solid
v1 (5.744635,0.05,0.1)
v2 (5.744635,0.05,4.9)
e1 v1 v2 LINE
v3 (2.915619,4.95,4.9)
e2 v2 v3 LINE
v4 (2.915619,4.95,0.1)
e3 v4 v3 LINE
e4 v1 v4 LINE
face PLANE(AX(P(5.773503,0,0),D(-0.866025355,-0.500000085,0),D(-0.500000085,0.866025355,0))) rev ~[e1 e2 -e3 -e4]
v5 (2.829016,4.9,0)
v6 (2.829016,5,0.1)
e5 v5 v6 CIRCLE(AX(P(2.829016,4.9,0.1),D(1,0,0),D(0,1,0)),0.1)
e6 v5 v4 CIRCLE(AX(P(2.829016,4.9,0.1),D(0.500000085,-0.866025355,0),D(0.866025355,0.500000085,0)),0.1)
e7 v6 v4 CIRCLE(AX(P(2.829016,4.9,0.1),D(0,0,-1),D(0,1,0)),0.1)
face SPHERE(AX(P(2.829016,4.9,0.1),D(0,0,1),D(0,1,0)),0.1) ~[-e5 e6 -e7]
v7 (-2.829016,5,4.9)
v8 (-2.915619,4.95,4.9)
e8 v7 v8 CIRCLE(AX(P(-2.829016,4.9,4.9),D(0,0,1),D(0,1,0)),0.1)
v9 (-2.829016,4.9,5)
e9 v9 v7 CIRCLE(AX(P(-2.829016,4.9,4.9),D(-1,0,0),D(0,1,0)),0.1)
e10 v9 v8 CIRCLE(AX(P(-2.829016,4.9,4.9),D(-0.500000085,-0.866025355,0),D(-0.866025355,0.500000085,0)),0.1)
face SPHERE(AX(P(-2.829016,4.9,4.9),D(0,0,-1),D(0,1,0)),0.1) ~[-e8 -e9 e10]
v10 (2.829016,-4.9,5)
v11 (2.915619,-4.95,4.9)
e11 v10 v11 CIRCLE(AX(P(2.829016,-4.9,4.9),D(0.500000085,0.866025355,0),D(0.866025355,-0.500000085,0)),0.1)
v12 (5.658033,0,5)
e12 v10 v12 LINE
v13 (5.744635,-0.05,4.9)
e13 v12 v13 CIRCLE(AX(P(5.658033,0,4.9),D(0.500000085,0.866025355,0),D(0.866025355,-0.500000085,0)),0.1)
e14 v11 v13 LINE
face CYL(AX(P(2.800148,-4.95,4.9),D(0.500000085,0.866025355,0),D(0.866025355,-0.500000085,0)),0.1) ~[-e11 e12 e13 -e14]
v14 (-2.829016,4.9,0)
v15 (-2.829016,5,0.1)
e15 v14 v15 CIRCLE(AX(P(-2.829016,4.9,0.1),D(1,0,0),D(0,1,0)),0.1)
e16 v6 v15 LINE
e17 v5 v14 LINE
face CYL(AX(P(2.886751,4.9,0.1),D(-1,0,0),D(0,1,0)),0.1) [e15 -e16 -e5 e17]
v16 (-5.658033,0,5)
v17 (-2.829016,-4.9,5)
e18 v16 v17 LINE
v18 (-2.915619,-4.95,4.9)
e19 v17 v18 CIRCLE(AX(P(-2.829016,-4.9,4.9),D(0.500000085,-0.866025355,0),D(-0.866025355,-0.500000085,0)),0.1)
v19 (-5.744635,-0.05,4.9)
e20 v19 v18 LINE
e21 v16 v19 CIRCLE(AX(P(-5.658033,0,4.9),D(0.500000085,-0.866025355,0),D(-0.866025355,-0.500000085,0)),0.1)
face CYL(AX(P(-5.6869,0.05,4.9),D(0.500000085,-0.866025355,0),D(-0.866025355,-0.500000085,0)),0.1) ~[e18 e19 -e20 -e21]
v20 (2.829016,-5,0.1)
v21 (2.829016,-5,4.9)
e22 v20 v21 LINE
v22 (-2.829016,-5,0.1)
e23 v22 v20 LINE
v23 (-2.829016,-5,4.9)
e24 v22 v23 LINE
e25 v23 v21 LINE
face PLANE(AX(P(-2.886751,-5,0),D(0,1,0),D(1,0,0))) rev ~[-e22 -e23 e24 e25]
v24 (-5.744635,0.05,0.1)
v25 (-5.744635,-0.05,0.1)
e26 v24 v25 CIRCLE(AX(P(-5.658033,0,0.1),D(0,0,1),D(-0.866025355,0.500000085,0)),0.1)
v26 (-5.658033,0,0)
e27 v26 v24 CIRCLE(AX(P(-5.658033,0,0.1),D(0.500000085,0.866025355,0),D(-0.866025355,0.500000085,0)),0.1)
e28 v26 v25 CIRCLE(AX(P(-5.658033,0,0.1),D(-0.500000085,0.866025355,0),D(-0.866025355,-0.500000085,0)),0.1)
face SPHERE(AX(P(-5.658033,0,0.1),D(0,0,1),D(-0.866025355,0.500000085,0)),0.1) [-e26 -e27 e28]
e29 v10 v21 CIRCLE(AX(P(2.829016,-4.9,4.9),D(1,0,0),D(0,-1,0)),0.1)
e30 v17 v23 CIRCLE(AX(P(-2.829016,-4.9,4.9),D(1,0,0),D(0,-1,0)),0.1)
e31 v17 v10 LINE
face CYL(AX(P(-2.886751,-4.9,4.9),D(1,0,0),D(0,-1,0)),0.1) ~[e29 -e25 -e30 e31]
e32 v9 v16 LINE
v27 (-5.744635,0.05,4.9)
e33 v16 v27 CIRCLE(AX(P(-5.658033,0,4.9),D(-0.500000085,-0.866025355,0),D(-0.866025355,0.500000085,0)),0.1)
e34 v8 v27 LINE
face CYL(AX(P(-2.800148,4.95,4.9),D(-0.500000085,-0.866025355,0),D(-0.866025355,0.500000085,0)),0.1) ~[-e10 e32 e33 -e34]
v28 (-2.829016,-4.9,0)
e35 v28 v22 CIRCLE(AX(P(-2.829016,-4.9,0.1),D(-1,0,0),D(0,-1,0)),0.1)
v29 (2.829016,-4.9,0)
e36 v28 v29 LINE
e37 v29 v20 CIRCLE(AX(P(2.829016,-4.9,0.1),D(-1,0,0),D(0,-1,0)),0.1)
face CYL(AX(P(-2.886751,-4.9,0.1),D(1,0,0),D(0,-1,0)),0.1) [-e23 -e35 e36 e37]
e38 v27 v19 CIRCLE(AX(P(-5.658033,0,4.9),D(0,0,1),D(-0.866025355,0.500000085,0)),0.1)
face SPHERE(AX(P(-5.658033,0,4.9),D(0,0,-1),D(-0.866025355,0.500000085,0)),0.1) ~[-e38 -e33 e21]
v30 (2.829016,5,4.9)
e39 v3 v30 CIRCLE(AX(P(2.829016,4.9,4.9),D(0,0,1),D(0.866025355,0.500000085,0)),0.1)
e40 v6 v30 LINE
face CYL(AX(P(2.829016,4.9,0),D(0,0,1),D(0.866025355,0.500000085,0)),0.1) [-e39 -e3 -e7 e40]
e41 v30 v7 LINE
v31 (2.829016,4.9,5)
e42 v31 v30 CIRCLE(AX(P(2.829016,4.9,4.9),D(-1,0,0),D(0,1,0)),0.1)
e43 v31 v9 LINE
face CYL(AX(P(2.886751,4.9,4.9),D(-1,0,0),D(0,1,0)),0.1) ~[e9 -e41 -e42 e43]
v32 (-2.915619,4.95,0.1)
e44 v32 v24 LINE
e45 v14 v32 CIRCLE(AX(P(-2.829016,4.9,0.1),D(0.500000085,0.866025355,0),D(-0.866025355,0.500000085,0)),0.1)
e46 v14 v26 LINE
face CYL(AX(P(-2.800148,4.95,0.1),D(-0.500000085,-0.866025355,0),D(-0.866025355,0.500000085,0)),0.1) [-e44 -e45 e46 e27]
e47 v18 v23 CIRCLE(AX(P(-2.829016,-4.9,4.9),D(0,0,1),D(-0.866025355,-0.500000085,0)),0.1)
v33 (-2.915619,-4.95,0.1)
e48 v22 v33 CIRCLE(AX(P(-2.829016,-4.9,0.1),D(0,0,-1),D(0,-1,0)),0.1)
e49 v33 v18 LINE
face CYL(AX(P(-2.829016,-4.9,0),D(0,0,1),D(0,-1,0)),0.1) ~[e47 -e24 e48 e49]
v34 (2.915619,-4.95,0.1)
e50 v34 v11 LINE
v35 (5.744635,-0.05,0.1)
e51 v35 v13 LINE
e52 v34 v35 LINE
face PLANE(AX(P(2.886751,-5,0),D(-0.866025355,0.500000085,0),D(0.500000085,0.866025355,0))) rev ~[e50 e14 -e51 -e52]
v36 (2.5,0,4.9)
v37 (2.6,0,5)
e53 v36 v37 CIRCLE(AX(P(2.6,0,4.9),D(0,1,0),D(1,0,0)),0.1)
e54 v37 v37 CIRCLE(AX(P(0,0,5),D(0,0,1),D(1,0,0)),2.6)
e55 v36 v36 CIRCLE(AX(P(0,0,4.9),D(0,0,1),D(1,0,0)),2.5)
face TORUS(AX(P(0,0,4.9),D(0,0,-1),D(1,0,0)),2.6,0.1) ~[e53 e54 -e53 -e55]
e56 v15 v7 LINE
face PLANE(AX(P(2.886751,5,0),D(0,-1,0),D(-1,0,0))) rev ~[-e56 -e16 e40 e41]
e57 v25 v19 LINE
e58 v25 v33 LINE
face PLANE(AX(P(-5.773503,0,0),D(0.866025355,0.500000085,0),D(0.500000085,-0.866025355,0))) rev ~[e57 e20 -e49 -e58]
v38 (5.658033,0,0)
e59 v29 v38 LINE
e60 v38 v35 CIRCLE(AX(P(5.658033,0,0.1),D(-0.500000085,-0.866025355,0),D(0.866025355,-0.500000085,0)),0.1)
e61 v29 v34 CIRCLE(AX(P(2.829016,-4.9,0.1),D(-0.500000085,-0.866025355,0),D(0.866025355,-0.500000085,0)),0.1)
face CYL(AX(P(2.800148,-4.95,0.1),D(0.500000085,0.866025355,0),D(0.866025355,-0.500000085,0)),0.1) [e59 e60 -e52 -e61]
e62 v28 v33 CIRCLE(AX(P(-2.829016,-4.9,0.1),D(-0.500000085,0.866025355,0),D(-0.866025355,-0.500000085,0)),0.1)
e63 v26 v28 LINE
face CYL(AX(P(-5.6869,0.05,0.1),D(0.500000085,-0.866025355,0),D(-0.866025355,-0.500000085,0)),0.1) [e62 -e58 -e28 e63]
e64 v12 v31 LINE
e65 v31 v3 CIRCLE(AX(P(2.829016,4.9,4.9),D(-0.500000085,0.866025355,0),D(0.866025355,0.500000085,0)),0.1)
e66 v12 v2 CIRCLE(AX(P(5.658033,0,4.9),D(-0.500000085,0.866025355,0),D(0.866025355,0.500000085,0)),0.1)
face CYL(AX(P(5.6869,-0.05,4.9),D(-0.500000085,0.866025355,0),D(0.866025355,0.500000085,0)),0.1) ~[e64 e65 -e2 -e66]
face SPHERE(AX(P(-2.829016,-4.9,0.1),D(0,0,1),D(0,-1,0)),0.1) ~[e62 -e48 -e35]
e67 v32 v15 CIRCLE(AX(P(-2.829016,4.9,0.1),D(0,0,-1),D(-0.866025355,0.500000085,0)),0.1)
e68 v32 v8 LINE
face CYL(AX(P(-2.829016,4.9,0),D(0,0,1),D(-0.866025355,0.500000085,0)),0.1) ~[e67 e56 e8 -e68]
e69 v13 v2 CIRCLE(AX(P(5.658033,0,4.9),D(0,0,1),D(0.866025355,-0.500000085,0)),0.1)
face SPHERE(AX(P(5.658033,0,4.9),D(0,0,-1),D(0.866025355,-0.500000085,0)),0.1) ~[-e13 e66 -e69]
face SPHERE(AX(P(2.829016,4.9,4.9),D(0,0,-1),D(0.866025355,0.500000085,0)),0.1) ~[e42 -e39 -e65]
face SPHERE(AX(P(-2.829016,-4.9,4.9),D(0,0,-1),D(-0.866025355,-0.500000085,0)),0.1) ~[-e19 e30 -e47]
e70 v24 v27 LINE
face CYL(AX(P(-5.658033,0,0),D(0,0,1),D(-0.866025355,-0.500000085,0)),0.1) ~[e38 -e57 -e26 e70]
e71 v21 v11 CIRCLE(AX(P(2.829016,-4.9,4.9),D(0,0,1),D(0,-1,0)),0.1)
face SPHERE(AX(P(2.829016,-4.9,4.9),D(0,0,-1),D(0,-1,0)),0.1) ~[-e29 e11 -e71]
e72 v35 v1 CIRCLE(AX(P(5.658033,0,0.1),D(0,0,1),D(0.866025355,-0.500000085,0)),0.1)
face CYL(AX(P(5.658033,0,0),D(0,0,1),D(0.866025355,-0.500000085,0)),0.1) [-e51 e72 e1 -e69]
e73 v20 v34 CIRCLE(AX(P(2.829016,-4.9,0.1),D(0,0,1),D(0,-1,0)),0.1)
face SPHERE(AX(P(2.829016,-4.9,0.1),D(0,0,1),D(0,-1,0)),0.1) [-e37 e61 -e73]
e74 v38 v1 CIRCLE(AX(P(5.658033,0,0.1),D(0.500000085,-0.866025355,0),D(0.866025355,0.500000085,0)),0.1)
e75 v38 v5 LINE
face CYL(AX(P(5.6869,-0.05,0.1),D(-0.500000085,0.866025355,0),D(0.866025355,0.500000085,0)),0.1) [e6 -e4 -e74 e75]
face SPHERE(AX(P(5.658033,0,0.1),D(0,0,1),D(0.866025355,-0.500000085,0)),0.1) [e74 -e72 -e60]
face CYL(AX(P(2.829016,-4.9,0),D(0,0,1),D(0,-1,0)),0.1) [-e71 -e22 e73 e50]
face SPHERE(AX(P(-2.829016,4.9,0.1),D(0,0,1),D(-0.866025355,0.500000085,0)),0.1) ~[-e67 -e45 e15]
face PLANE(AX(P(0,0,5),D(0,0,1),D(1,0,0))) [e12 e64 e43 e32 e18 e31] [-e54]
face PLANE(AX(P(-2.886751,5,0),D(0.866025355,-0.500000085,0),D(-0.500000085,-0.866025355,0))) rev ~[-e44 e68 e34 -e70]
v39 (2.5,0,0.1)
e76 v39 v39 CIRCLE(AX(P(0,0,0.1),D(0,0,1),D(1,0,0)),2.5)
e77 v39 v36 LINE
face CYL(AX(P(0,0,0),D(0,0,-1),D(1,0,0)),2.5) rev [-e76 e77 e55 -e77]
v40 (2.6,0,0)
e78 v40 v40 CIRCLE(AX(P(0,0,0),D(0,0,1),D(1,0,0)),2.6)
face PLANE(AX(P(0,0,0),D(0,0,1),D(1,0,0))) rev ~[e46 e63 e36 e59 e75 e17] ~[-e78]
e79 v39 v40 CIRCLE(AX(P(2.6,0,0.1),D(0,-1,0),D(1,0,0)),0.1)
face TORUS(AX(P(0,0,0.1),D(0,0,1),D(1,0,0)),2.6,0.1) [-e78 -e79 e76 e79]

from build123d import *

# Parameters (mm, degrees)
F0_R     = 2.5
F1_DEPTH = 5
F2_R     = 0.1


with BuildPart() as f1:
    # F0 (on Top) → F1 (new body)
    with BuildSketch(Plane.XY):
        Polygon((-2.886751, -5), (2.886751, -5), (5.773503, 0), (2.886751, 5), (-2.886751, 5), (-5.773503, 0), align=None)
        Circle(F0_R, mode=Mode.SUBTRACT)
    extrude(amount=F1_DEPTH)

    # F2
    f2_edges = [f1.edges().sort_by_distance(p)[0] for p in [
        (2.886751, -5, 2.5),
        (5.773503, 0, 2.5),
        (2.886751, 5, 2.5),
        (2.5, 0, 2.5),
        (-2.5, 0, 0),
        (-2.5, 0, 5),
        (0, -5, 5),
        (-2.886751, -5, 2.5),
        (0, -5, 0),
        (4.330127, -2.5, 5),
        (4.330127, 2.5, 5),
        (0, 5, 5),
        (-4.330127, 2.5, 5),
        (-4.330127, -2.5, 5),
        (-2.886751, 5, 2.5),
        (-5.773503, 0, 2.5),
        (-4.330127, 2.5, 0),
        (0, 5, 0),
        (4.330127, -2.5, 0),
        (4.330127, 2.5, 0),
        (-4.330127, -2.5, 0),
    ]]
    fillet(f2_edges, radius=F2_R)


solid = f1.part
